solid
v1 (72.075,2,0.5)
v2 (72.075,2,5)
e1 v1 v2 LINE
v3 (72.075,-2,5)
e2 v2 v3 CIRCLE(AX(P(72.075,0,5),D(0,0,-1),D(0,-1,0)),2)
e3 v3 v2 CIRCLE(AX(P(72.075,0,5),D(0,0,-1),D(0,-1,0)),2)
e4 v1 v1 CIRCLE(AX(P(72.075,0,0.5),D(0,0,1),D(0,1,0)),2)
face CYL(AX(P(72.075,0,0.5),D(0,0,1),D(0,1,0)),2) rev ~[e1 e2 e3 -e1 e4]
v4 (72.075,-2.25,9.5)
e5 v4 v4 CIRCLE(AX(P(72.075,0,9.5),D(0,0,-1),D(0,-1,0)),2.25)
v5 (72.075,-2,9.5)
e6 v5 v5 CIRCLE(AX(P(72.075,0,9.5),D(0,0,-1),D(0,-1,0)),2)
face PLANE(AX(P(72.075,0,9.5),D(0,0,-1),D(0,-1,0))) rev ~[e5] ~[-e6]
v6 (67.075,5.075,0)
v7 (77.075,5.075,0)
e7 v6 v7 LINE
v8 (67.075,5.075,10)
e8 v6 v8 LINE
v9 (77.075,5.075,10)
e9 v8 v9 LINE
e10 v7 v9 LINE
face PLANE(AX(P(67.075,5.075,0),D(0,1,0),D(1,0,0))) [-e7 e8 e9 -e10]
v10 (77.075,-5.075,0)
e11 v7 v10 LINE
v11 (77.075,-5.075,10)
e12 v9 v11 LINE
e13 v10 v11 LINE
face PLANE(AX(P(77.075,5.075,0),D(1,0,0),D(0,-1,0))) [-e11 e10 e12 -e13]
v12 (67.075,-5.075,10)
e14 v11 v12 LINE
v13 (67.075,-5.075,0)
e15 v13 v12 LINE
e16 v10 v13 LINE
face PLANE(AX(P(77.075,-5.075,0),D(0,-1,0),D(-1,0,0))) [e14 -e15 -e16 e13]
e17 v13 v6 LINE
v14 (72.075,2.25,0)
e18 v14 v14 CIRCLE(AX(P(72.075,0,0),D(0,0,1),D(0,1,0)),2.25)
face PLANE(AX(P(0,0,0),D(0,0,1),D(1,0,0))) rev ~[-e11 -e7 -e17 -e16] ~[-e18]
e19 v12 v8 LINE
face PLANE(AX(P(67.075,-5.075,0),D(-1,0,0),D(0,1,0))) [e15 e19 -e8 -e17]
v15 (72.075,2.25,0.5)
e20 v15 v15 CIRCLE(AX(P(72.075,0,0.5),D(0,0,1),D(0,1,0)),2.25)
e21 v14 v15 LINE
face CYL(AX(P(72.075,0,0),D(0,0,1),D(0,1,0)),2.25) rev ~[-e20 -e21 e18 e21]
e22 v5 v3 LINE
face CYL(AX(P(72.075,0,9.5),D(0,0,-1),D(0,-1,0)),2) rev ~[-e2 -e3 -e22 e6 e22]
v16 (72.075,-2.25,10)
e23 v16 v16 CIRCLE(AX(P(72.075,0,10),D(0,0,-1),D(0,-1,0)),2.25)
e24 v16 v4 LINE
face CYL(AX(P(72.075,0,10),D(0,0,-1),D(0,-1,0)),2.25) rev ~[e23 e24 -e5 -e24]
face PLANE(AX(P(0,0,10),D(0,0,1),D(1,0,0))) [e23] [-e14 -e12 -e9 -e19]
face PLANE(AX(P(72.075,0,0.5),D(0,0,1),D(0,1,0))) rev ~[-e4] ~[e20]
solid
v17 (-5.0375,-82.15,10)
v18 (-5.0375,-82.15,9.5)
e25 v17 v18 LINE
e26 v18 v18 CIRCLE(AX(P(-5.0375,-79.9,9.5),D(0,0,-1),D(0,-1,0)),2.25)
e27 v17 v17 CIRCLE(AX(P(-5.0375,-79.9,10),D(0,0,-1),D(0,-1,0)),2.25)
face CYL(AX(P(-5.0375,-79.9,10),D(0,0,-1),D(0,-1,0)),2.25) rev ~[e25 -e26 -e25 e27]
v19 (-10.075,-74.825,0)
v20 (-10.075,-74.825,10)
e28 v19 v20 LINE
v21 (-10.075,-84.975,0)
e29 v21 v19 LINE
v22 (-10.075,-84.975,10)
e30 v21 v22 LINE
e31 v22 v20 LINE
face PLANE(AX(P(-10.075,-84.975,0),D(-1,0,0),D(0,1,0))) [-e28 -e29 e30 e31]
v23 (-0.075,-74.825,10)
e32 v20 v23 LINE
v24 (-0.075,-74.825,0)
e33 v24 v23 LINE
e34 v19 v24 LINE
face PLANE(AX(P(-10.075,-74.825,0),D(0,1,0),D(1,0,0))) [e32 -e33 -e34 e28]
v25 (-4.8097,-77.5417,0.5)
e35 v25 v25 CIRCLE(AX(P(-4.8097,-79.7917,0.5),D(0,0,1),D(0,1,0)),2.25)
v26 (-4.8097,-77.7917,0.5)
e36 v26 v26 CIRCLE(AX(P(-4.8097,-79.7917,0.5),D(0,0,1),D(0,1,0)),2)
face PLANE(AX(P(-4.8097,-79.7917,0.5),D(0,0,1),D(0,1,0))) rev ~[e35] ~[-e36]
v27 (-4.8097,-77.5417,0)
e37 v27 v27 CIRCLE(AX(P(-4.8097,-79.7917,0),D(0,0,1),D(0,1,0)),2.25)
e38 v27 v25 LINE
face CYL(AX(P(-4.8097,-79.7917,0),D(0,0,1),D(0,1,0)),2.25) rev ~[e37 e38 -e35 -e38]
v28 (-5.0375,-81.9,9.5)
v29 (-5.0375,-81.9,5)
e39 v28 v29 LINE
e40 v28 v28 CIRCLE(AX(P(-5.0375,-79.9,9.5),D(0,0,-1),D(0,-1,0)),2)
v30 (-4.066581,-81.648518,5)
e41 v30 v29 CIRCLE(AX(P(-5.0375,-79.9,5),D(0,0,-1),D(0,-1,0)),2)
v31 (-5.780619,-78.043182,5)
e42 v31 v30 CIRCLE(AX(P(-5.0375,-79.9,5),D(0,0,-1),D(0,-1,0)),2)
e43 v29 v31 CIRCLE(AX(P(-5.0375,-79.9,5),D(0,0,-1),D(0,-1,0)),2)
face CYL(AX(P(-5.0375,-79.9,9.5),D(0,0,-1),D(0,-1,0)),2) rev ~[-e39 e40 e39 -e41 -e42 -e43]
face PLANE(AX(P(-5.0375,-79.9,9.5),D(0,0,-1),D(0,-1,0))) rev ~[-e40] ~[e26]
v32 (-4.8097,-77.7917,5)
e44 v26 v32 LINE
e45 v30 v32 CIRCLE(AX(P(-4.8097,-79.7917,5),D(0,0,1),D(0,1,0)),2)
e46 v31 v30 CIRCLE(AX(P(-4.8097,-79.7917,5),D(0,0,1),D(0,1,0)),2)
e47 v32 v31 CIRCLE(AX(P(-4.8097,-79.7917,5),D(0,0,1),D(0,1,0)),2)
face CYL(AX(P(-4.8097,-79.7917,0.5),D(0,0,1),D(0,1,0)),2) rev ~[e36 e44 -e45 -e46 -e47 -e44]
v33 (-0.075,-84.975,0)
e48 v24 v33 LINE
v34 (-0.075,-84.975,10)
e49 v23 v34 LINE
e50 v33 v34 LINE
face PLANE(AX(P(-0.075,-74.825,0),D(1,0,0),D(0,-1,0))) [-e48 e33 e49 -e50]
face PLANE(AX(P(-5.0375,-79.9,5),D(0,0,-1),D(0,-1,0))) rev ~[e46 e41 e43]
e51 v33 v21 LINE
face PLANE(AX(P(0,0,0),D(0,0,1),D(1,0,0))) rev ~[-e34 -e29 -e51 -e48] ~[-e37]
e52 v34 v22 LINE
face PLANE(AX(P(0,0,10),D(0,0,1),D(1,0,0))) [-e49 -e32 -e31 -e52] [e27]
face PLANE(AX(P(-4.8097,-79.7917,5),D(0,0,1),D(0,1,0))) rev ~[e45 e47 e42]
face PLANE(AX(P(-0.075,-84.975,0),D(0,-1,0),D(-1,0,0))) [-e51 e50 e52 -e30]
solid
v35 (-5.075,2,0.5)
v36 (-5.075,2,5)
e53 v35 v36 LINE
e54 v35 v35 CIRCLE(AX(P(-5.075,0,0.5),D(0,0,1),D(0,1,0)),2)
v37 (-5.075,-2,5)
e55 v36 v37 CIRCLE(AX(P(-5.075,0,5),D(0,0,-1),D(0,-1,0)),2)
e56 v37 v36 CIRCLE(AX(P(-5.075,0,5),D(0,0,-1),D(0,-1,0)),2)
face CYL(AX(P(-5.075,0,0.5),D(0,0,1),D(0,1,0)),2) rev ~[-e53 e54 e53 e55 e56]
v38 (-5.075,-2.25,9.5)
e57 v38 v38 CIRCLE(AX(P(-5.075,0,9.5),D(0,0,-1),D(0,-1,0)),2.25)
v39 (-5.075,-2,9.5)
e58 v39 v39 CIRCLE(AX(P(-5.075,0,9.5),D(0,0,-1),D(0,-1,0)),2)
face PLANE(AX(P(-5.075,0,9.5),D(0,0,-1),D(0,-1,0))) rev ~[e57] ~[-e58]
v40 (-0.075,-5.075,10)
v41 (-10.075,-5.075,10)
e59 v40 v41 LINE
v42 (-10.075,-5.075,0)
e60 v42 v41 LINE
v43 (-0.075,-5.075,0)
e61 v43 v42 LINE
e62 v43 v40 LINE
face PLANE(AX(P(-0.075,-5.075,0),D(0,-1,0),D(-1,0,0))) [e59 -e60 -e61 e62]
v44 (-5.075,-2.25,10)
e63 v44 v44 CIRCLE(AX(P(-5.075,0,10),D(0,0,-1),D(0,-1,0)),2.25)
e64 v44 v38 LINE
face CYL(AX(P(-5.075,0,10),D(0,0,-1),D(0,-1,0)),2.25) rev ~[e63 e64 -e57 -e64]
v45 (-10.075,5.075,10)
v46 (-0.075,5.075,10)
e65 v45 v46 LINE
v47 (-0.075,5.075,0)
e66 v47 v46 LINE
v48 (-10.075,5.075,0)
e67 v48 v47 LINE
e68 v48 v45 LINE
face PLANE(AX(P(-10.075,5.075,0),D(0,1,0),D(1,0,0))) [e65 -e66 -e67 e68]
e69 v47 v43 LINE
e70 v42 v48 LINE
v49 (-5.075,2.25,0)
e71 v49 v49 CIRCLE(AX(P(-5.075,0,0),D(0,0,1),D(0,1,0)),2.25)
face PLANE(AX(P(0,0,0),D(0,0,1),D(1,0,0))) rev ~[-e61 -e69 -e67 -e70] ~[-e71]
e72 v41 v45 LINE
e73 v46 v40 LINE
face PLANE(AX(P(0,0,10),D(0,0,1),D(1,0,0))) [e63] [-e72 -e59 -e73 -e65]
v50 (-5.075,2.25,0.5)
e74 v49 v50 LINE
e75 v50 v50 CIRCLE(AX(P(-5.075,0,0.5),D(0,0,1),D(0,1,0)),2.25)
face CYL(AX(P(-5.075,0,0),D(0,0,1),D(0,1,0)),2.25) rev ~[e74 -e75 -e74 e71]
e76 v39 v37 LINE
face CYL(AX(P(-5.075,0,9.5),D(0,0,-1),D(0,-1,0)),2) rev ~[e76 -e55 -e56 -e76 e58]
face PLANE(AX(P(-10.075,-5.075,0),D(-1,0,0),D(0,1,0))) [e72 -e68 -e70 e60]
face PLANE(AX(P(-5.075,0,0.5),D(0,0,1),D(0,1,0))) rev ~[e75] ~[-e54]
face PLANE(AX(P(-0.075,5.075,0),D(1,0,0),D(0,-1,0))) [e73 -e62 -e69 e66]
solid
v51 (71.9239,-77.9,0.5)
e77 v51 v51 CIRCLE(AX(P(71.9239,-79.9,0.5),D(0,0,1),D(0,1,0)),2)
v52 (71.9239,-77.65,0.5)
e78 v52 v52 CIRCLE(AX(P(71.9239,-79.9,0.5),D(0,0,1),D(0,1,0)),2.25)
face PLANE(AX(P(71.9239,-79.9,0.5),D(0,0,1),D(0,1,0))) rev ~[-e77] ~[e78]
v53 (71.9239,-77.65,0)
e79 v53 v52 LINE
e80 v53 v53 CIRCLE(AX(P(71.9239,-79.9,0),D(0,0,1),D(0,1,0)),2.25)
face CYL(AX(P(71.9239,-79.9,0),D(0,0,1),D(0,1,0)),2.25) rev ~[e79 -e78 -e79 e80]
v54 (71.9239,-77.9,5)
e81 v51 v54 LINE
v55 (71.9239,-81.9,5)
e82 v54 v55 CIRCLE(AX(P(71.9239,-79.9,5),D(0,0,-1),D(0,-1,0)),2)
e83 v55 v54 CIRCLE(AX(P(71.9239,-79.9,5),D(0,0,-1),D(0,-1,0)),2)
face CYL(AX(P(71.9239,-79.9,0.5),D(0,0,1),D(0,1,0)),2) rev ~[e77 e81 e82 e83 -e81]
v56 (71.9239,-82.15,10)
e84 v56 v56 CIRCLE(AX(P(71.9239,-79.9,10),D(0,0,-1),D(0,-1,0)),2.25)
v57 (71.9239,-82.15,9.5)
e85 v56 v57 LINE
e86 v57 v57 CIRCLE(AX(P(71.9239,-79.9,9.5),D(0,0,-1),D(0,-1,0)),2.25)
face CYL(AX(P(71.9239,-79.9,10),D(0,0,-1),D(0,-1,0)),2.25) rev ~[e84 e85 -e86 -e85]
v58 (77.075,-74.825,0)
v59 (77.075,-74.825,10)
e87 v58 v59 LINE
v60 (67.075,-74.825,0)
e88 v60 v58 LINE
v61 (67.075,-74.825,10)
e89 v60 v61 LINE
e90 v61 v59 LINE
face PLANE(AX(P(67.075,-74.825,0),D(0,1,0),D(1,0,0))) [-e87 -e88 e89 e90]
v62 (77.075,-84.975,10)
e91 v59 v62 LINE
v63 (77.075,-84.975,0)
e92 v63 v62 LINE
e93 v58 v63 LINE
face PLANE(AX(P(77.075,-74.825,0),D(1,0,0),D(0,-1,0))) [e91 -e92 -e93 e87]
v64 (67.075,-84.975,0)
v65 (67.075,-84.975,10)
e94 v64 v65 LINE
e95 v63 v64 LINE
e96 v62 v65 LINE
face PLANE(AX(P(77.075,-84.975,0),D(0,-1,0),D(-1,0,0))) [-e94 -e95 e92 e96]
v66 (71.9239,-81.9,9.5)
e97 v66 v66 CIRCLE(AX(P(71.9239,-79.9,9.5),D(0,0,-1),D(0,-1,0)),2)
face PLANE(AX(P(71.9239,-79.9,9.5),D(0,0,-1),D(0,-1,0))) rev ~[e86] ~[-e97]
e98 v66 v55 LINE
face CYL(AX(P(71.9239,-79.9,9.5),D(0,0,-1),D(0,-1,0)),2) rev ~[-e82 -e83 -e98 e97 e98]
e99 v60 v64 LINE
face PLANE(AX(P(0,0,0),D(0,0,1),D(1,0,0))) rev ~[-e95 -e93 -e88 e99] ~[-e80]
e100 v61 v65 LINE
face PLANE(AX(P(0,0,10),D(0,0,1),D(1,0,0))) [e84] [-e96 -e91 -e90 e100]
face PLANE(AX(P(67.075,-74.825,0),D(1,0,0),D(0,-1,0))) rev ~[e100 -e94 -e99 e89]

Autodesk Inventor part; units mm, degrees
ref_plane "YZ Plane" through (0, 0, 0) normal (1, 0, 0) x (0, 1, 0)
ref_plane "XZ Plane" through (0, 0, 0) normal (0, 1, 0) x (-1, 0, 0)
ref_plane "XY Plane" through (0, 0, 0) normal (0, 0, 1) x (1, 0, 0)
sketch "Sketch1" plane through (0, 0, 0) normal (0, 0, 1) x (1, 0, 0)
  circle A0 centre (-5.1878, 0) radius 1.8 projected
  line L0 (-10.075, 5.075) -> (10.075, 5.075) projected
  line L1 (-10.075, -5.075) -> (-10.075, 5.075) projected
  line L2 (10.075, -5.075) -> (-10.075, -5.075) projected
  line L3 (10.075, 5.075) -> (10.075, -5.075) projected
  circle A1 centre (71.9239, 0) radius 1.8 projected
  line L4 (56.925, -5.075) -> (56.925, 5.075) projected
  line L5 (77.075, -5.075) -> (56.925, -5.075) projected
  line L6 (77.075, 5.075) -> (77.075, -5.075) projected
  line L7 (56.925, 5.075) -> (77.075, 5.075) projected
  circle A2 centre (72.075, -79.9) radius 1.8 projected
  line L8 (77.075, -84.975) -> (56.925, -84.975) projected
  line L9 (77.075, -74.825) -> (77.075, -84.975) projected
  line L10 (56.925, -74.825) -> (77.075, -74.825) projected
  line L11 (56.925, -84.975) -> (56.925, -74.825) projected
  circle A3 centre (-4.8097, -79.7917) radius 1.8 projected
  line L12 (-10.075, -74.825) -> (10.075, -74.825) projected
  line L13 (-10.075, -84.975) -> (-10.075, -74.825) projected
  line L14 (10.075, -84.975) -> (-10.075, -84.975) projected
  line L15 (10.075, -74.825) -> (10.075, -84.975) projected
  line L16 (-10.075, 5.075) -> (-0.075, 5.075)
  line L17 (-0.075, 5.075) -> (-0.075, -5.075)
  line L18 (-0.075, -5.075) -> (-10.075, -5.075)
  line L19 (-10.075, -5.075) -> (-10.075, 5.075)
  line L20 (-10.075, -74.825) -> (-0.075, -74.825)
  line L21 (-0.075, -74.825) -> (-0.075, -84.975)
  line L22 (-0.075, -84.975) -> (-10.075, -84.975)
  line L23 (-10.075, -84.975) -> (-10.075, -74.825)
  line L24 (77.075, -74.825) -> (67.075, -74.825)
  line L25 (67.075, -74.825) -> (67.075, -84.975)
  line L26 (67.075, -84.975) -> (77.075, -84.975)
  line L27 (77.075, -84.975) -> (77.075, -74.825)
  line L28 (77.075, -5.075) -> (67.075, -5.075)
  line L29 (67.075, -5.075) -> (67.075, 5.075)
  line L30 (67.075, 5.075) -> (77.075, 5.075)
  line L31 (77.075, 5.075) -> (77.075, -5.075)
  circle A4 centre (5, 0) radius 2.575 projected
  circle A5 centre (5, -79.9) radius 2.575 projected
  circle A6 centre (62, -79.9) radius 2.575 projected
  circle A7 centre (62, 0) radius 2.575 projected
  point P0 (0, 0)
  point P1 (-0.075, -74.825)
  point P2 (67.075, -74.825)
  point P3 (67.075, -5.075)
  point P4 (-0.075, 5.075)
  point P5 (7.4746, 0.7121)
  point P6 (2.5254, 0.7121)
  point P7 (-0.075, 5.075)
  point P8 (64.4746, -79.1879)
  point P9 (59.5254, -79.1879)
  point P10 (7.4746, -79.1879)
  point P11 (2.5254, -79.1879)
  point P12 (-0.075, -74.825)
  point P13 (64.4746, 0.7121)
  point P14 (59.5254, 0.7121)
  dimension "d0" = 10
  dimension "d1" = 10
  dimension "d2" = 10
  dimension "d3" = 10
extrude "Extrusion1" add sketch "Sketch1" along normal blind 10 contours A0 | L0 L17 L2 L1 | A1 | L29 L7 L6 L5 | A2 | L8 L25 L10 L9 | A3 | L12 L21 L14 L13
sketch "Sketch2" plane through (0, 0, 10) normal (0, 0, 1) x (1, 0, 0)
  line L0 (-0.075, 5.075) -> (-10.075, 5.075) projected
  line L1 (-10.075, -5.075) -> (-0.075, -5.075) projected
  line L2 (67.075, -5.075) -> (77.075, -5.075) projected
  line L3 (77.075, -5.075) -> (77.075, 5.075) projected
  line L4 (77.075, 5.075) -> (67.075, 5.075) projected
  line L5 (67.075, 5.075) -> (67.075, -5.075) projected
  line L6 (67.075, -84.975) -> (77.075, -84.975) projected
  line L7 (77.075, -84.975) -> (77.075, -74.825) projected
  line L8 (77.075, -74.825) -> (67.075, -74.825) projected
  line L9 (67.075, -74.825) -> (67.075, -84.975) projected
  line L10 (-0.075, -74.825) -> (-10.075, -74.825) projected
  line L11 (-10.075, -84.975) -> (-0.075, -84.975) projected
  line L12 (-10.075, 5.075) -> (-0.075, 5.075)
  line L13 (-10.075, -5.075) -> (-0.075, 5.075)
  line L14 (77.075, 5.075) -> (67.075, 5.075) projected
  line L15 (67.075, 5.075) -> (77.075, -5.075)
  line L16 (77.075, -74.825) -> (66.7728, -84.975)
  line L17 (-10.075, -74.825) -> (-10.075, -84.975) projected
  line L18 (-10.075, 5.075) -> (-10.075, -5.075) projected
  line L19 (-0.075, -84.975) -> (-0.075, -74.825) projected
  line L20 (-0.075, -5.075) -> (-0.075, 5.075) projected
  line L21 (-10.075, -74.825) -> (0, -84.975)
  point P0 (0, 0)
  point P1 (-5.075, 0)
  point P2 (72.075, 0)
  point P3 (71.9239, -79.9)
  point P4 (-5.0375, -79.9)
hole "Hole1" at (72.075, 0, 10) at (71.9239, -79.9, 10) at (-5.0375, -79.9, 10) at (-5.075, 0, 10) direction (0, 0, -1) diameter 4 depth 5 counterbore diameter 4.5 counterbore depth 0.5
sketch "Sketch3" plane through (0, 0, 0) normal (0, 0, -1) x (-1, 0, 0)
  circle A0 centre (-71.9239, 0) radius 1.8 projected
  circle A1 centre (5.1878, 0) radius 1.8 projected
  circle A2 centre (4.8097, -79.7917) radius 1.8 projected
  circle A3 centre (-72.075, -79.9) radius 1.8 projected
  circle A4 centre (-72.075, 0) radius 2 projected
  circle A5 centre (5.075, 0) radius 2.25 projected
  circle A6 centre (-71.9239, -79.9) radius 2 projected
  point P0 (0, 0)
  point P1 (9.9362, -74.825)
  point P2 (3.0375, -79.9)
hole "Hole2" at (72.075, 0, 0) at (-5.075, 0, 0) at (71.9239, -79.9, 0) at (-4.8097, -79.7917, 0) direction (0, 0, 1) diameter 4 depth 5 counterbore diameter 4.5 counterbore depth 0.5
properties part number "bms_hold_2"
